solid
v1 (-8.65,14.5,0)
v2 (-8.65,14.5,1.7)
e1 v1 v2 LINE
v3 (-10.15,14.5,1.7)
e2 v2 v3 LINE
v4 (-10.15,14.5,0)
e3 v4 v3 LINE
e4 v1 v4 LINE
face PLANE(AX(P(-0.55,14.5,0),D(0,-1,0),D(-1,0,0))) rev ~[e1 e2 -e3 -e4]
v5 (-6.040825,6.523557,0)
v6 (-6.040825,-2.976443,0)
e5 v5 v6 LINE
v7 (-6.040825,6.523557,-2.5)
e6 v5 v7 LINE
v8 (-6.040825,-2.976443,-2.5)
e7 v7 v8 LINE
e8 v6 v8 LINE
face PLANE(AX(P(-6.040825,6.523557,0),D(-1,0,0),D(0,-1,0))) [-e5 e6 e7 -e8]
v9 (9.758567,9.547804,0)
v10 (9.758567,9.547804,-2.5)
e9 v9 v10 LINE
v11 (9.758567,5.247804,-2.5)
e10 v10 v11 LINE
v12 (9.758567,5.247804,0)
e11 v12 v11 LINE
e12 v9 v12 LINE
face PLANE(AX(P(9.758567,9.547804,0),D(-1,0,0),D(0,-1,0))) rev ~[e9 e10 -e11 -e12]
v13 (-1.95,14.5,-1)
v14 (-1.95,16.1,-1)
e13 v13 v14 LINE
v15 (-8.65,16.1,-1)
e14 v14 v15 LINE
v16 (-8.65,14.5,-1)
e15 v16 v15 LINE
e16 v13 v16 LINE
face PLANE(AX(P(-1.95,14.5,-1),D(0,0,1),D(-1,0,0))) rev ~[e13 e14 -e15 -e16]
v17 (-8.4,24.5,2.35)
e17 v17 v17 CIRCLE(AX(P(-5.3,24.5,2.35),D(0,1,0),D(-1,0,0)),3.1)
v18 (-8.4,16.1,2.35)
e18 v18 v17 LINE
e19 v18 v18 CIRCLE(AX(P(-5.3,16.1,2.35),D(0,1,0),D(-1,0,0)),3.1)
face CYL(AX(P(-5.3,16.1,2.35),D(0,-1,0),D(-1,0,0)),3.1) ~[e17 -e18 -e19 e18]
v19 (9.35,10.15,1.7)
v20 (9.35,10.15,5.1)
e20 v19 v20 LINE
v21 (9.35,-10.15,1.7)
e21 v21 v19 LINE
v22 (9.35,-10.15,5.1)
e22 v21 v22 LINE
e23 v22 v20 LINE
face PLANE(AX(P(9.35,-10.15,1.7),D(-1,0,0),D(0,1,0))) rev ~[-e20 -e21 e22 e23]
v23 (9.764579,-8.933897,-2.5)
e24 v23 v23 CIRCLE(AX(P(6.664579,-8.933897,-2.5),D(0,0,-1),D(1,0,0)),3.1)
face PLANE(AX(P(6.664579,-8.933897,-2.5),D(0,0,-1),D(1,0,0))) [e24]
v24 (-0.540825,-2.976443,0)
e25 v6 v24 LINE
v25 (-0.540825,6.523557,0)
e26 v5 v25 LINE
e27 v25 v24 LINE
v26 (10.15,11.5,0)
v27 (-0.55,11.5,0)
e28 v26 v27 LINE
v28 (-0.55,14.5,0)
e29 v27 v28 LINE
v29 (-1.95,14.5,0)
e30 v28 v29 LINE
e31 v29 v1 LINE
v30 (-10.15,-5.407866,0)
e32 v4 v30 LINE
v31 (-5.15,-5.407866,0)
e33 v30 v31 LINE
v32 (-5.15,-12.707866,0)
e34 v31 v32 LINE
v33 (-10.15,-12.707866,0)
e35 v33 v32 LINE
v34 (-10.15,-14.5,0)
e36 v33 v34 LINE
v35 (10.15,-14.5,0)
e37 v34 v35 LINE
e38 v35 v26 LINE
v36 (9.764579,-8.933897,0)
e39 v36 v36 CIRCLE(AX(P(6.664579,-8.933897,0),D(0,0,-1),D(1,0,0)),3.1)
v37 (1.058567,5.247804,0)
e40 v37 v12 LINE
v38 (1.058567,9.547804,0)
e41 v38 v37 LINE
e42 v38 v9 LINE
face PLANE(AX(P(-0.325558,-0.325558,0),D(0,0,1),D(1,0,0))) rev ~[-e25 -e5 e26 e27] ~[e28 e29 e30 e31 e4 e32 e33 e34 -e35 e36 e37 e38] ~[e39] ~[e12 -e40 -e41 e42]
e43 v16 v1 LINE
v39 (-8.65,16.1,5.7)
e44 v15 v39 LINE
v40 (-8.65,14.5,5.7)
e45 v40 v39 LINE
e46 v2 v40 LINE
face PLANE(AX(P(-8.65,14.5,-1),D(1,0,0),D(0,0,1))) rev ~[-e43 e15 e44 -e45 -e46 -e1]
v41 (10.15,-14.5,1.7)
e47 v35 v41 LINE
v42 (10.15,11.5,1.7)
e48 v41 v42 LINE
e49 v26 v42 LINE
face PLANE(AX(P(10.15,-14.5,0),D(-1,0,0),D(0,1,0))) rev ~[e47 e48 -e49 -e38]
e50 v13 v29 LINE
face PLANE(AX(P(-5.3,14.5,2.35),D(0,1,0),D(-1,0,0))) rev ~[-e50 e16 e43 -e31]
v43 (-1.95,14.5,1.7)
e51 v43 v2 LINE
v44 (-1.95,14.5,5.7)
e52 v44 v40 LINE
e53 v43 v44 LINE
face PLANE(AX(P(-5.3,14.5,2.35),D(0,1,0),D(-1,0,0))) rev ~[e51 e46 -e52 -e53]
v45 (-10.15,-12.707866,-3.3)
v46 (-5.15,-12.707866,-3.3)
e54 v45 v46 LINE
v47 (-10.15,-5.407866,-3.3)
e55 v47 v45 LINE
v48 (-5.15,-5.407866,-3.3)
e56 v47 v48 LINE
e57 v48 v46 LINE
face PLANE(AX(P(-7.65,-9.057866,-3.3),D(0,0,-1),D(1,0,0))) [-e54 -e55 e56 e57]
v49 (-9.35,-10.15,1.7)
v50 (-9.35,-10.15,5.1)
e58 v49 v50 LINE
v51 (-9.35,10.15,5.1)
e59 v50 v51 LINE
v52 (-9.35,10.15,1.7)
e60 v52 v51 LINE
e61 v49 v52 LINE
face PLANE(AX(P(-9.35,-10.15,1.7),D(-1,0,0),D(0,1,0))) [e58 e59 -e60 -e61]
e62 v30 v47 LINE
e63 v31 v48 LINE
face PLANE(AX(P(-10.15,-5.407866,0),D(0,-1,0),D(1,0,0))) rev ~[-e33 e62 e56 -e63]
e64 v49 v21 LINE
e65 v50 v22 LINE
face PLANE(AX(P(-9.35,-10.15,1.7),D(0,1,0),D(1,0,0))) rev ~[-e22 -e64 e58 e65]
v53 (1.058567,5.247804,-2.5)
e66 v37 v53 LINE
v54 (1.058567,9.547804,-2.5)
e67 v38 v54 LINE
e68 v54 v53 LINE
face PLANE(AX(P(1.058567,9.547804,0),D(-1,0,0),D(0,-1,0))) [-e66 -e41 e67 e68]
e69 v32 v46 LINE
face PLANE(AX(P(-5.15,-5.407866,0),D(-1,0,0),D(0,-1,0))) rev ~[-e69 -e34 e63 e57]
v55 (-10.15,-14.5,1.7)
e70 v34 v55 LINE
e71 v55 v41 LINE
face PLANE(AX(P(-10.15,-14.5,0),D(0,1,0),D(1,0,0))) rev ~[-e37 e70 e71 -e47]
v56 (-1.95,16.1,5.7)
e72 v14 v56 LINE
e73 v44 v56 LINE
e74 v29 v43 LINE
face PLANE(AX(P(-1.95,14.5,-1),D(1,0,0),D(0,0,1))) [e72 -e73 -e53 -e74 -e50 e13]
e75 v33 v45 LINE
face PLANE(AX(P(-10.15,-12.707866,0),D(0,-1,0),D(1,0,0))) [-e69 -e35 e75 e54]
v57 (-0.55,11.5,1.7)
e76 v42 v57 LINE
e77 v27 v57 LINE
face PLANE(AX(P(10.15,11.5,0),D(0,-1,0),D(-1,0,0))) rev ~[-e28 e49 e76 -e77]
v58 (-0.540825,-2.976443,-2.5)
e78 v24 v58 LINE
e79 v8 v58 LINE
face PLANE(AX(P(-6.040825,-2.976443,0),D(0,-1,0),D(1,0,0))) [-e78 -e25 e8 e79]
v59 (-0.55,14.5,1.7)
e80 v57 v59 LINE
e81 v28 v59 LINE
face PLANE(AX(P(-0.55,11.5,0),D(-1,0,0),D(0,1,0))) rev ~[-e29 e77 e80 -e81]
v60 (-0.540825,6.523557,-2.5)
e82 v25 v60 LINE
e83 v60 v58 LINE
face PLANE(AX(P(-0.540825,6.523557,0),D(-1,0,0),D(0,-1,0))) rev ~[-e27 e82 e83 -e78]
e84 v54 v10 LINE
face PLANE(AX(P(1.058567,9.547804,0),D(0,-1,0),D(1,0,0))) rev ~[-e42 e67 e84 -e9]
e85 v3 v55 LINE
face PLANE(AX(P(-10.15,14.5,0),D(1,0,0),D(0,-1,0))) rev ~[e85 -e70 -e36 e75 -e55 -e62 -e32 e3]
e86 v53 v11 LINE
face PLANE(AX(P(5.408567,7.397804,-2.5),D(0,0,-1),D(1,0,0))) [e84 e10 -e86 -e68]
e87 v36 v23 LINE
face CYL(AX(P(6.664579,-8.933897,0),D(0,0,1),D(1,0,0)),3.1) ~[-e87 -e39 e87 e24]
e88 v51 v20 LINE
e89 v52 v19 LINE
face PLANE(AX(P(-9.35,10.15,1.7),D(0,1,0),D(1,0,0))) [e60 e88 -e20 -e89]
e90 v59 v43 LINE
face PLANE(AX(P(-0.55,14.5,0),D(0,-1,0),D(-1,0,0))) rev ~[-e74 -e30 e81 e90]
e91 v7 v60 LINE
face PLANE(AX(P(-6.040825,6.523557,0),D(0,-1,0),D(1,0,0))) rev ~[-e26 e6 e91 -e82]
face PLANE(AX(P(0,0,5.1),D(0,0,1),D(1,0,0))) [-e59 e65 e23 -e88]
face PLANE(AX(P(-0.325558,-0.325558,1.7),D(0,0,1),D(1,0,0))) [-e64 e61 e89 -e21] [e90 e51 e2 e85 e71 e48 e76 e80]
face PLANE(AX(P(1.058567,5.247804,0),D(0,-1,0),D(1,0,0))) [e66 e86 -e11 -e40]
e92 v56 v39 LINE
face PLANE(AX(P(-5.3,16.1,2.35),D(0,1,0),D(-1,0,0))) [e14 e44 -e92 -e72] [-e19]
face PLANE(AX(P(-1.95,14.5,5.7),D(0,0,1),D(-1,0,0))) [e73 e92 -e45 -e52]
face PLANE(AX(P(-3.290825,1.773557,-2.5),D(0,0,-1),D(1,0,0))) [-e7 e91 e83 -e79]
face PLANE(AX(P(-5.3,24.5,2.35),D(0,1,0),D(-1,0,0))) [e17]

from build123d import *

# Parameters (mm, degrees)
F1_DEPTH  = 1.7
F2_W      = 18.7
F2_H      = 20.3
F3_DEPTH  = 3.4
F4_W      = 5
F4_H      = 7.3
F5_DEPTH  = 3.3
F4_W_2    = 5.5
F4_H_2    = 9.5
F4_W_3    = 8.7
F4_H_3    = 4.3
F4_R      = 3.1
F6_DEPTH  = 2.5
F7_W      = 6.7
F7_H      = 6.7
F8_DEPTH  = 1.6
F9_R      = 3.1
F10_DEPTH = 8.4


with BuildPart() as f1:
    # F0 (on Top) → F1 (new body)
    with BuildSketch(Plane.XY):
        Polygon((-10.15, -14.5), (10.15, -14.5), (10.15, 11.5), (-0.55, 11.5), (-0.55, 14.5), (-10.15, 14.5), align=None)
    extrude(amount=F1_DEPTH)

    # F2 (on face) → F3 (join)
    with BuildSketch(Plane.XY.offset(1.7)):
        Rectangle(F2_W, F2_H)
    extrude(amount=F3_DEPTH)

    # F4 (on face) → F5 (join)
    with BuildSketch(Plane(origin=(0, 0, 0), x_dir=(1, 0, 0), z_dir=(0, 0, -1))):
        with Locations((-7.65, 9.057866)):
            Rectangle(F4_W, F4_H)
    extrude(amount=F5_DEPTH)

    # F4 (on face) → F6 (join)
    with BuildSketch(Plane(origin=(0, 0, 0), x_dir=(1, 0, 0), z_dir=(0, 0, -1))):
        with Locations((-3.290825, -1.773557)):
            Rectangle(F4_W_2, F4_H_2)
        with Locations((5.408567, -7.397804)):
            Rectangle(F4_W_3, F4_H_3)
        with Locations((6.664579, 8.933897)):
            Circle(F4_R)
    extrude(amount=F6_DEPTH)

    # F7 (on face) → F8 (join)
    with BuildSketch(Plane(origin=(0, 14.5, 0), x_dir=(-1, 0, 0), z_dir=(0, 1, 0))):
        with Locations((5.3, 2.35)):
            Rectangle(F7_W, F7_H)
    extrude(amount=F8_DEPTH)

    # F9 (on face) → F10 (join)
    with BuildSketch(Plane(origin=(0, 16.1, 0), x_dir=(-1, 0, 0), z_dir=(0, 1, 0))):
        with Locations((5.3, 2.35)):
            Circle(F9_R)
    extrude(amount=F10_DEPTH)


solid = f1.part
